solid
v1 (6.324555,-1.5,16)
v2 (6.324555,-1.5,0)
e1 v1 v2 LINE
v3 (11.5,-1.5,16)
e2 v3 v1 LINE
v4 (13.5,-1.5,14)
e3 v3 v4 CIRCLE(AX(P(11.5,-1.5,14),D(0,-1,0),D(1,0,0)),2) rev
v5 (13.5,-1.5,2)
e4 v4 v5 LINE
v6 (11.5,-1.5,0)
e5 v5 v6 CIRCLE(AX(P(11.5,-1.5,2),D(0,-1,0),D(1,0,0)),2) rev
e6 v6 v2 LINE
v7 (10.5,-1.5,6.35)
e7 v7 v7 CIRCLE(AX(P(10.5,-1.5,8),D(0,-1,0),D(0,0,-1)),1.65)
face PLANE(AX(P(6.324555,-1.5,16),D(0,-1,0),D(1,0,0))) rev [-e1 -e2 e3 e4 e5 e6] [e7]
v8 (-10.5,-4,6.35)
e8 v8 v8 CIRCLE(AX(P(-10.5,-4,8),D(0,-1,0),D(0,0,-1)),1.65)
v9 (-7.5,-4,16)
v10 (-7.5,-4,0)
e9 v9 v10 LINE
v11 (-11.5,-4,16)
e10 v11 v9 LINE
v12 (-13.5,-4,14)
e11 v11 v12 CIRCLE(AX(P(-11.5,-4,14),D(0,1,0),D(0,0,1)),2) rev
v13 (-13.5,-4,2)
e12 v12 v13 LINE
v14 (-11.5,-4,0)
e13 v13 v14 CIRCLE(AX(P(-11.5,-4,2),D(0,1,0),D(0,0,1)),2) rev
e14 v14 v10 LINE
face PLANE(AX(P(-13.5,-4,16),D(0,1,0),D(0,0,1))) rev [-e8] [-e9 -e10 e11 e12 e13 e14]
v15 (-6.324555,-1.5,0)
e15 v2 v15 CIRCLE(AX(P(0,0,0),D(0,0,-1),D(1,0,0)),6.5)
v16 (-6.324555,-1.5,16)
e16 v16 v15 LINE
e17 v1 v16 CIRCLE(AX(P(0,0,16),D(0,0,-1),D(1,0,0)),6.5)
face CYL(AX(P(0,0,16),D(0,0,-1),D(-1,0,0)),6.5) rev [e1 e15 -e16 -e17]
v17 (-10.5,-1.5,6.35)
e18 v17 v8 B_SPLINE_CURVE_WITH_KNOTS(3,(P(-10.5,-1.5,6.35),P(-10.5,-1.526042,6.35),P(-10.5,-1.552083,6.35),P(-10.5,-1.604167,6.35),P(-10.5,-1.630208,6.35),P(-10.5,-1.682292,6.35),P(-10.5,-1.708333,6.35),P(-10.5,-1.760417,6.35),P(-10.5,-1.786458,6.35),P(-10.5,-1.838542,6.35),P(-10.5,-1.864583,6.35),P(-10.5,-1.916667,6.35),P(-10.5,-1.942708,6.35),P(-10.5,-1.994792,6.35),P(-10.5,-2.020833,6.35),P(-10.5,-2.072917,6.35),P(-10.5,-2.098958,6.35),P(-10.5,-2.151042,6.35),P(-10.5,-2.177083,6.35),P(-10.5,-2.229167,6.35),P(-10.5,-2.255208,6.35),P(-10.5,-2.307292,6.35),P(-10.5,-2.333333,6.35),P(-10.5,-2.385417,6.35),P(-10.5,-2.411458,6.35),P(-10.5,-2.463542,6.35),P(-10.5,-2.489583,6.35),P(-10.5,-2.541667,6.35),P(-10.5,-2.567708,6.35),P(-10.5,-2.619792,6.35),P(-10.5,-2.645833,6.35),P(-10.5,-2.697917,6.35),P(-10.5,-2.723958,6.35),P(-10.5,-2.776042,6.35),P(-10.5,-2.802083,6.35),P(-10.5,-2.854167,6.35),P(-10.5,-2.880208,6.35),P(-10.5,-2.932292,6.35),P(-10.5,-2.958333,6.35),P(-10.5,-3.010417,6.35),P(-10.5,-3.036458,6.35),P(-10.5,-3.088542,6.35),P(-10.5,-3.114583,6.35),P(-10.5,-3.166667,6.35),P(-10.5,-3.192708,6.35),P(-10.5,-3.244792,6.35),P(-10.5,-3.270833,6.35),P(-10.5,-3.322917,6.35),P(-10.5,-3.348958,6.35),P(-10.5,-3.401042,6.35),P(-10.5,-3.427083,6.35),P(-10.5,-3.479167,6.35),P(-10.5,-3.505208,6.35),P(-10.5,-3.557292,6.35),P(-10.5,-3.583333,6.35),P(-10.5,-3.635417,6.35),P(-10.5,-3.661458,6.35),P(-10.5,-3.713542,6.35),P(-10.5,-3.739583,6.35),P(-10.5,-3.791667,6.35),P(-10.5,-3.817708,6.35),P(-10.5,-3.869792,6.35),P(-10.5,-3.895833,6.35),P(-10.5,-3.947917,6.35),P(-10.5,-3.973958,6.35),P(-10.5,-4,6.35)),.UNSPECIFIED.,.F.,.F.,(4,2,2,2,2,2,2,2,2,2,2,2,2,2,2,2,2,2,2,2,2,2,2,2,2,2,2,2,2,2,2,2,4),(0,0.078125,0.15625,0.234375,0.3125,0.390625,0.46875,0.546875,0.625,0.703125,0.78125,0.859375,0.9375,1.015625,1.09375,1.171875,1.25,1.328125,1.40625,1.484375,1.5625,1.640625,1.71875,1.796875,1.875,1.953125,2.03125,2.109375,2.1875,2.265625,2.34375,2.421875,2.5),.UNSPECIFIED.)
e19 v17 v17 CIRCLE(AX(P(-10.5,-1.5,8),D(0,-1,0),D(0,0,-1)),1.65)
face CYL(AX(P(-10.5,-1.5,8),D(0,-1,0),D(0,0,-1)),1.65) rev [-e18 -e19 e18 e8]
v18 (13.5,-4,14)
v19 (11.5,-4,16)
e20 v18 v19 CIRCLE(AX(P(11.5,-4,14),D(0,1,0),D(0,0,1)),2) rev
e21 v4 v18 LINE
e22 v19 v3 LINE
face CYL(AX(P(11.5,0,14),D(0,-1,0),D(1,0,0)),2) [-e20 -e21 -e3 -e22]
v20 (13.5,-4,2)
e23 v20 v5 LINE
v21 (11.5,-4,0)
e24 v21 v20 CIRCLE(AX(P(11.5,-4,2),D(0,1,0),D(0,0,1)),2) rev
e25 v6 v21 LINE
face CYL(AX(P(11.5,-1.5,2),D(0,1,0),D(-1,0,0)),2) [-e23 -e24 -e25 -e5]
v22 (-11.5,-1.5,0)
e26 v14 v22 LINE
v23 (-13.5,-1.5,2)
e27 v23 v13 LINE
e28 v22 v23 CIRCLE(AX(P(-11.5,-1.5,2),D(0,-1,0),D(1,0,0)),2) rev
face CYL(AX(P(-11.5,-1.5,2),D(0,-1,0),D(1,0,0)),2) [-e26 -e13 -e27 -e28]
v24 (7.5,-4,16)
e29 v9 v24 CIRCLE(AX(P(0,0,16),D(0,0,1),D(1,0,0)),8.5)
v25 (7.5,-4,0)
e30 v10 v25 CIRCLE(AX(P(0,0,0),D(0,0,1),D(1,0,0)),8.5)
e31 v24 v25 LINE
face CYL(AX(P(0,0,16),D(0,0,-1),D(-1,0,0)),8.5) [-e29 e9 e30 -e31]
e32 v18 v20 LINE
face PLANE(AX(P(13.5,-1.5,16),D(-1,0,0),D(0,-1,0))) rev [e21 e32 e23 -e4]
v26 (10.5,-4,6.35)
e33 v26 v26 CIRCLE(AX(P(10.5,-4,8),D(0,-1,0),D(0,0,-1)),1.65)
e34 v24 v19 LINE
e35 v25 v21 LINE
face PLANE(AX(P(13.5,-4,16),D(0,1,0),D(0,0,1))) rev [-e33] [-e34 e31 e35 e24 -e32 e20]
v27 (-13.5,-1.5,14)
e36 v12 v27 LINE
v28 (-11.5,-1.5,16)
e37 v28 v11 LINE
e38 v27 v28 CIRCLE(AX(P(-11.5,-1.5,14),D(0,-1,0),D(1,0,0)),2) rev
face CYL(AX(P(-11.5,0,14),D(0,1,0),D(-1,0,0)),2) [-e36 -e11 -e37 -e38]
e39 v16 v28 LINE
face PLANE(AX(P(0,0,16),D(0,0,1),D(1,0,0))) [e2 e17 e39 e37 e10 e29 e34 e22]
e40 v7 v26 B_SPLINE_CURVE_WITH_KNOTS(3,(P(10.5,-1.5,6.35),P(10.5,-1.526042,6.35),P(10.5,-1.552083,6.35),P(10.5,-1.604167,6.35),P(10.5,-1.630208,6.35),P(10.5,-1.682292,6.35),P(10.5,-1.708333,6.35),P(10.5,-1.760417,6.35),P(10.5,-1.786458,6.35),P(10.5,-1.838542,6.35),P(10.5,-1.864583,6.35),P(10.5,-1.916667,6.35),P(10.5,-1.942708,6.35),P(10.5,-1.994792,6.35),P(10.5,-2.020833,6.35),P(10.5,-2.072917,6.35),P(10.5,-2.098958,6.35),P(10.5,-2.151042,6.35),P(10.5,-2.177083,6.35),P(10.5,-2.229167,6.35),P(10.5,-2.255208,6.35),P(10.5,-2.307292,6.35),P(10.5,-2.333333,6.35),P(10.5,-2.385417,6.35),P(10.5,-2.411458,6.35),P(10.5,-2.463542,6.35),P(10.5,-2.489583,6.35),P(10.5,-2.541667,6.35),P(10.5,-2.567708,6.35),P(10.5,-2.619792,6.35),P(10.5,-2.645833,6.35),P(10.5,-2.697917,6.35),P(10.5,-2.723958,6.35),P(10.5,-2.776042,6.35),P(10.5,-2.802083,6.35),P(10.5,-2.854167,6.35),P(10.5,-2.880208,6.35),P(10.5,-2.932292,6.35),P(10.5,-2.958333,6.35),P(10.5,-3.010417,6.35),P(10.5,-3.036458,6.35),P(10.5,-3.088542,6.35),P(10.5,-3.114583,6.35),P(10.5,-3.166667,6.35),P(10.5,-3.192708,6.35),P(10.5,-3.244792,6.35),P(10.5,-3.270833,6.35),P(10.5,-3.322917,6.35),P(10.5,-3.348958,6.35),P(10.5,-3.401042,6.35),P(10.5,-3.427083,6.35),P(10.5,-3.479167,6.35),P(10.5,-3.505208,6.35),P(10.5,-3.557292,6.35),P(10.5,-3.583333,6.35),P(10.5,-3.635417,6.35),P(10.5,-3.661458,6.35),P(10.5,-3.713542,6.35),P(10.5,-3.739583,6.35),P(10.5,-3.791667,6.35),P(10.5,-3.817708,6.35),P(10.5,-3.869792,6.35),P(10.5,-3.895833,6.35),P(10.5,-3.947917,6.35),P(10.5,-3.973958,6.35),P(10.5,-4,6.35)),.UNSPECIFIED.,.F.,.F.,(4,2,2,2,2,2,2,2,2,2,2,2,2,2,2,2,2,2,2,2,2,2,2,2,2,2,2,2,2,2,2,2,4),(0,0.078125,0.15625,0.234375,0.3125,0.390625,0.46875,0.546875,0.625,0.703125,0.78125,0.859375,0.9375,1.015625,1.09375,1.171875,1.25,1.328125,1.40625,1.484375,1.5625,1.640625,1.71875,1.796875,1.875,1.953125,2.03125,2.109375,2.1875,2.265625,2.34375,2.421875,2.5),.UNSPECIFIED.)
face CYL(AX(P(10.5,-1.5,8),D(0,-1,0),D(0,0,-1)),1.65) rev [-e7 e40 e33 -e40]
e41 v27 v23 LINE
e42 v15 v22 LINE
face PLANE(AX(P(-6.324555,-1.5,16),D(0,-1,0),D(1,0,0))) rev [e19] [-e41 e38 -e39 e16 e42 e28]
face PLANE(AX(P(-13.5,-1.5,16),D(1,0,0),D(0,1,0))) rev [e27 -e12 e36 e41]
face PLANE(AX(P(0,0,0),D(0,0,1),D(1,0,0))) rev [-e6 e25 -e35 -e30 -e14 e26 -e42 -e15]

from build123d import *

# Parameters (mm, degrees)
EXTRUDE_1_DEPTH     = 16
SKETCH_2_R          = 1.65
CUT_EXTRUDE_1_DEPTH = 22.412613105
FILLET_1_R          = 2


with BuildPart() as part:
    # 草图1 → 凸台-拉伸1 (new body)
    with BuildSketch(Plane.XY):
        with BuildLine():
            Line((-6.32455532, -1.5), (-13.5, -1.5))
            Line((-13.5, -1.5), (-13.5, -4))
            Line((-13.5, -4), (-7.5, -4))
            ThreePointArc((-7.5, -4), (0, -8.5), (7.5, -4))
            Line((7.5, -4), (13.5, -4))
            Line((13.5, -4), (13.5, -1.5))
            Line((13.5, -1.5), (6.32455532, -1.5))
            ThreePointArc((6.32455532, -1.5), (0, -6.5), (-6.32455532, -1.5))
        make_face()
    extrude(amount=EXTRUDE_1_DEPTH)

    # 草图2 → 切除-拉伸1 (cut, through all)
    with BuildSketch(Plane.XZ.offset(4)):
        with Locations(Location((-10.5, 8, 0), (0, 0, 270))):
            Circle(SKETCH_2_R)
        with Locations(Location((10.5, 8, 0), (0, 0, 270))):
            Circle(SKETCH_2_R)
    extrude(amount=-CUT_EXTRUDE_1_DEPTH, mode=Mode.SUBTRACT)

    # 圆角1
    fillet_1_edges = [part.edges().sort_by_distance(p)[0] for p in [
        (-13.5, -2.75, 16),
        (13.5, -2.75, 16),
        (13.5, -2.75, 0),
        (-13.5, -2.75, 0),
    ]]
    fillet(fillet_1_edges, radius=FILLET_1_R)


solid = part.part
